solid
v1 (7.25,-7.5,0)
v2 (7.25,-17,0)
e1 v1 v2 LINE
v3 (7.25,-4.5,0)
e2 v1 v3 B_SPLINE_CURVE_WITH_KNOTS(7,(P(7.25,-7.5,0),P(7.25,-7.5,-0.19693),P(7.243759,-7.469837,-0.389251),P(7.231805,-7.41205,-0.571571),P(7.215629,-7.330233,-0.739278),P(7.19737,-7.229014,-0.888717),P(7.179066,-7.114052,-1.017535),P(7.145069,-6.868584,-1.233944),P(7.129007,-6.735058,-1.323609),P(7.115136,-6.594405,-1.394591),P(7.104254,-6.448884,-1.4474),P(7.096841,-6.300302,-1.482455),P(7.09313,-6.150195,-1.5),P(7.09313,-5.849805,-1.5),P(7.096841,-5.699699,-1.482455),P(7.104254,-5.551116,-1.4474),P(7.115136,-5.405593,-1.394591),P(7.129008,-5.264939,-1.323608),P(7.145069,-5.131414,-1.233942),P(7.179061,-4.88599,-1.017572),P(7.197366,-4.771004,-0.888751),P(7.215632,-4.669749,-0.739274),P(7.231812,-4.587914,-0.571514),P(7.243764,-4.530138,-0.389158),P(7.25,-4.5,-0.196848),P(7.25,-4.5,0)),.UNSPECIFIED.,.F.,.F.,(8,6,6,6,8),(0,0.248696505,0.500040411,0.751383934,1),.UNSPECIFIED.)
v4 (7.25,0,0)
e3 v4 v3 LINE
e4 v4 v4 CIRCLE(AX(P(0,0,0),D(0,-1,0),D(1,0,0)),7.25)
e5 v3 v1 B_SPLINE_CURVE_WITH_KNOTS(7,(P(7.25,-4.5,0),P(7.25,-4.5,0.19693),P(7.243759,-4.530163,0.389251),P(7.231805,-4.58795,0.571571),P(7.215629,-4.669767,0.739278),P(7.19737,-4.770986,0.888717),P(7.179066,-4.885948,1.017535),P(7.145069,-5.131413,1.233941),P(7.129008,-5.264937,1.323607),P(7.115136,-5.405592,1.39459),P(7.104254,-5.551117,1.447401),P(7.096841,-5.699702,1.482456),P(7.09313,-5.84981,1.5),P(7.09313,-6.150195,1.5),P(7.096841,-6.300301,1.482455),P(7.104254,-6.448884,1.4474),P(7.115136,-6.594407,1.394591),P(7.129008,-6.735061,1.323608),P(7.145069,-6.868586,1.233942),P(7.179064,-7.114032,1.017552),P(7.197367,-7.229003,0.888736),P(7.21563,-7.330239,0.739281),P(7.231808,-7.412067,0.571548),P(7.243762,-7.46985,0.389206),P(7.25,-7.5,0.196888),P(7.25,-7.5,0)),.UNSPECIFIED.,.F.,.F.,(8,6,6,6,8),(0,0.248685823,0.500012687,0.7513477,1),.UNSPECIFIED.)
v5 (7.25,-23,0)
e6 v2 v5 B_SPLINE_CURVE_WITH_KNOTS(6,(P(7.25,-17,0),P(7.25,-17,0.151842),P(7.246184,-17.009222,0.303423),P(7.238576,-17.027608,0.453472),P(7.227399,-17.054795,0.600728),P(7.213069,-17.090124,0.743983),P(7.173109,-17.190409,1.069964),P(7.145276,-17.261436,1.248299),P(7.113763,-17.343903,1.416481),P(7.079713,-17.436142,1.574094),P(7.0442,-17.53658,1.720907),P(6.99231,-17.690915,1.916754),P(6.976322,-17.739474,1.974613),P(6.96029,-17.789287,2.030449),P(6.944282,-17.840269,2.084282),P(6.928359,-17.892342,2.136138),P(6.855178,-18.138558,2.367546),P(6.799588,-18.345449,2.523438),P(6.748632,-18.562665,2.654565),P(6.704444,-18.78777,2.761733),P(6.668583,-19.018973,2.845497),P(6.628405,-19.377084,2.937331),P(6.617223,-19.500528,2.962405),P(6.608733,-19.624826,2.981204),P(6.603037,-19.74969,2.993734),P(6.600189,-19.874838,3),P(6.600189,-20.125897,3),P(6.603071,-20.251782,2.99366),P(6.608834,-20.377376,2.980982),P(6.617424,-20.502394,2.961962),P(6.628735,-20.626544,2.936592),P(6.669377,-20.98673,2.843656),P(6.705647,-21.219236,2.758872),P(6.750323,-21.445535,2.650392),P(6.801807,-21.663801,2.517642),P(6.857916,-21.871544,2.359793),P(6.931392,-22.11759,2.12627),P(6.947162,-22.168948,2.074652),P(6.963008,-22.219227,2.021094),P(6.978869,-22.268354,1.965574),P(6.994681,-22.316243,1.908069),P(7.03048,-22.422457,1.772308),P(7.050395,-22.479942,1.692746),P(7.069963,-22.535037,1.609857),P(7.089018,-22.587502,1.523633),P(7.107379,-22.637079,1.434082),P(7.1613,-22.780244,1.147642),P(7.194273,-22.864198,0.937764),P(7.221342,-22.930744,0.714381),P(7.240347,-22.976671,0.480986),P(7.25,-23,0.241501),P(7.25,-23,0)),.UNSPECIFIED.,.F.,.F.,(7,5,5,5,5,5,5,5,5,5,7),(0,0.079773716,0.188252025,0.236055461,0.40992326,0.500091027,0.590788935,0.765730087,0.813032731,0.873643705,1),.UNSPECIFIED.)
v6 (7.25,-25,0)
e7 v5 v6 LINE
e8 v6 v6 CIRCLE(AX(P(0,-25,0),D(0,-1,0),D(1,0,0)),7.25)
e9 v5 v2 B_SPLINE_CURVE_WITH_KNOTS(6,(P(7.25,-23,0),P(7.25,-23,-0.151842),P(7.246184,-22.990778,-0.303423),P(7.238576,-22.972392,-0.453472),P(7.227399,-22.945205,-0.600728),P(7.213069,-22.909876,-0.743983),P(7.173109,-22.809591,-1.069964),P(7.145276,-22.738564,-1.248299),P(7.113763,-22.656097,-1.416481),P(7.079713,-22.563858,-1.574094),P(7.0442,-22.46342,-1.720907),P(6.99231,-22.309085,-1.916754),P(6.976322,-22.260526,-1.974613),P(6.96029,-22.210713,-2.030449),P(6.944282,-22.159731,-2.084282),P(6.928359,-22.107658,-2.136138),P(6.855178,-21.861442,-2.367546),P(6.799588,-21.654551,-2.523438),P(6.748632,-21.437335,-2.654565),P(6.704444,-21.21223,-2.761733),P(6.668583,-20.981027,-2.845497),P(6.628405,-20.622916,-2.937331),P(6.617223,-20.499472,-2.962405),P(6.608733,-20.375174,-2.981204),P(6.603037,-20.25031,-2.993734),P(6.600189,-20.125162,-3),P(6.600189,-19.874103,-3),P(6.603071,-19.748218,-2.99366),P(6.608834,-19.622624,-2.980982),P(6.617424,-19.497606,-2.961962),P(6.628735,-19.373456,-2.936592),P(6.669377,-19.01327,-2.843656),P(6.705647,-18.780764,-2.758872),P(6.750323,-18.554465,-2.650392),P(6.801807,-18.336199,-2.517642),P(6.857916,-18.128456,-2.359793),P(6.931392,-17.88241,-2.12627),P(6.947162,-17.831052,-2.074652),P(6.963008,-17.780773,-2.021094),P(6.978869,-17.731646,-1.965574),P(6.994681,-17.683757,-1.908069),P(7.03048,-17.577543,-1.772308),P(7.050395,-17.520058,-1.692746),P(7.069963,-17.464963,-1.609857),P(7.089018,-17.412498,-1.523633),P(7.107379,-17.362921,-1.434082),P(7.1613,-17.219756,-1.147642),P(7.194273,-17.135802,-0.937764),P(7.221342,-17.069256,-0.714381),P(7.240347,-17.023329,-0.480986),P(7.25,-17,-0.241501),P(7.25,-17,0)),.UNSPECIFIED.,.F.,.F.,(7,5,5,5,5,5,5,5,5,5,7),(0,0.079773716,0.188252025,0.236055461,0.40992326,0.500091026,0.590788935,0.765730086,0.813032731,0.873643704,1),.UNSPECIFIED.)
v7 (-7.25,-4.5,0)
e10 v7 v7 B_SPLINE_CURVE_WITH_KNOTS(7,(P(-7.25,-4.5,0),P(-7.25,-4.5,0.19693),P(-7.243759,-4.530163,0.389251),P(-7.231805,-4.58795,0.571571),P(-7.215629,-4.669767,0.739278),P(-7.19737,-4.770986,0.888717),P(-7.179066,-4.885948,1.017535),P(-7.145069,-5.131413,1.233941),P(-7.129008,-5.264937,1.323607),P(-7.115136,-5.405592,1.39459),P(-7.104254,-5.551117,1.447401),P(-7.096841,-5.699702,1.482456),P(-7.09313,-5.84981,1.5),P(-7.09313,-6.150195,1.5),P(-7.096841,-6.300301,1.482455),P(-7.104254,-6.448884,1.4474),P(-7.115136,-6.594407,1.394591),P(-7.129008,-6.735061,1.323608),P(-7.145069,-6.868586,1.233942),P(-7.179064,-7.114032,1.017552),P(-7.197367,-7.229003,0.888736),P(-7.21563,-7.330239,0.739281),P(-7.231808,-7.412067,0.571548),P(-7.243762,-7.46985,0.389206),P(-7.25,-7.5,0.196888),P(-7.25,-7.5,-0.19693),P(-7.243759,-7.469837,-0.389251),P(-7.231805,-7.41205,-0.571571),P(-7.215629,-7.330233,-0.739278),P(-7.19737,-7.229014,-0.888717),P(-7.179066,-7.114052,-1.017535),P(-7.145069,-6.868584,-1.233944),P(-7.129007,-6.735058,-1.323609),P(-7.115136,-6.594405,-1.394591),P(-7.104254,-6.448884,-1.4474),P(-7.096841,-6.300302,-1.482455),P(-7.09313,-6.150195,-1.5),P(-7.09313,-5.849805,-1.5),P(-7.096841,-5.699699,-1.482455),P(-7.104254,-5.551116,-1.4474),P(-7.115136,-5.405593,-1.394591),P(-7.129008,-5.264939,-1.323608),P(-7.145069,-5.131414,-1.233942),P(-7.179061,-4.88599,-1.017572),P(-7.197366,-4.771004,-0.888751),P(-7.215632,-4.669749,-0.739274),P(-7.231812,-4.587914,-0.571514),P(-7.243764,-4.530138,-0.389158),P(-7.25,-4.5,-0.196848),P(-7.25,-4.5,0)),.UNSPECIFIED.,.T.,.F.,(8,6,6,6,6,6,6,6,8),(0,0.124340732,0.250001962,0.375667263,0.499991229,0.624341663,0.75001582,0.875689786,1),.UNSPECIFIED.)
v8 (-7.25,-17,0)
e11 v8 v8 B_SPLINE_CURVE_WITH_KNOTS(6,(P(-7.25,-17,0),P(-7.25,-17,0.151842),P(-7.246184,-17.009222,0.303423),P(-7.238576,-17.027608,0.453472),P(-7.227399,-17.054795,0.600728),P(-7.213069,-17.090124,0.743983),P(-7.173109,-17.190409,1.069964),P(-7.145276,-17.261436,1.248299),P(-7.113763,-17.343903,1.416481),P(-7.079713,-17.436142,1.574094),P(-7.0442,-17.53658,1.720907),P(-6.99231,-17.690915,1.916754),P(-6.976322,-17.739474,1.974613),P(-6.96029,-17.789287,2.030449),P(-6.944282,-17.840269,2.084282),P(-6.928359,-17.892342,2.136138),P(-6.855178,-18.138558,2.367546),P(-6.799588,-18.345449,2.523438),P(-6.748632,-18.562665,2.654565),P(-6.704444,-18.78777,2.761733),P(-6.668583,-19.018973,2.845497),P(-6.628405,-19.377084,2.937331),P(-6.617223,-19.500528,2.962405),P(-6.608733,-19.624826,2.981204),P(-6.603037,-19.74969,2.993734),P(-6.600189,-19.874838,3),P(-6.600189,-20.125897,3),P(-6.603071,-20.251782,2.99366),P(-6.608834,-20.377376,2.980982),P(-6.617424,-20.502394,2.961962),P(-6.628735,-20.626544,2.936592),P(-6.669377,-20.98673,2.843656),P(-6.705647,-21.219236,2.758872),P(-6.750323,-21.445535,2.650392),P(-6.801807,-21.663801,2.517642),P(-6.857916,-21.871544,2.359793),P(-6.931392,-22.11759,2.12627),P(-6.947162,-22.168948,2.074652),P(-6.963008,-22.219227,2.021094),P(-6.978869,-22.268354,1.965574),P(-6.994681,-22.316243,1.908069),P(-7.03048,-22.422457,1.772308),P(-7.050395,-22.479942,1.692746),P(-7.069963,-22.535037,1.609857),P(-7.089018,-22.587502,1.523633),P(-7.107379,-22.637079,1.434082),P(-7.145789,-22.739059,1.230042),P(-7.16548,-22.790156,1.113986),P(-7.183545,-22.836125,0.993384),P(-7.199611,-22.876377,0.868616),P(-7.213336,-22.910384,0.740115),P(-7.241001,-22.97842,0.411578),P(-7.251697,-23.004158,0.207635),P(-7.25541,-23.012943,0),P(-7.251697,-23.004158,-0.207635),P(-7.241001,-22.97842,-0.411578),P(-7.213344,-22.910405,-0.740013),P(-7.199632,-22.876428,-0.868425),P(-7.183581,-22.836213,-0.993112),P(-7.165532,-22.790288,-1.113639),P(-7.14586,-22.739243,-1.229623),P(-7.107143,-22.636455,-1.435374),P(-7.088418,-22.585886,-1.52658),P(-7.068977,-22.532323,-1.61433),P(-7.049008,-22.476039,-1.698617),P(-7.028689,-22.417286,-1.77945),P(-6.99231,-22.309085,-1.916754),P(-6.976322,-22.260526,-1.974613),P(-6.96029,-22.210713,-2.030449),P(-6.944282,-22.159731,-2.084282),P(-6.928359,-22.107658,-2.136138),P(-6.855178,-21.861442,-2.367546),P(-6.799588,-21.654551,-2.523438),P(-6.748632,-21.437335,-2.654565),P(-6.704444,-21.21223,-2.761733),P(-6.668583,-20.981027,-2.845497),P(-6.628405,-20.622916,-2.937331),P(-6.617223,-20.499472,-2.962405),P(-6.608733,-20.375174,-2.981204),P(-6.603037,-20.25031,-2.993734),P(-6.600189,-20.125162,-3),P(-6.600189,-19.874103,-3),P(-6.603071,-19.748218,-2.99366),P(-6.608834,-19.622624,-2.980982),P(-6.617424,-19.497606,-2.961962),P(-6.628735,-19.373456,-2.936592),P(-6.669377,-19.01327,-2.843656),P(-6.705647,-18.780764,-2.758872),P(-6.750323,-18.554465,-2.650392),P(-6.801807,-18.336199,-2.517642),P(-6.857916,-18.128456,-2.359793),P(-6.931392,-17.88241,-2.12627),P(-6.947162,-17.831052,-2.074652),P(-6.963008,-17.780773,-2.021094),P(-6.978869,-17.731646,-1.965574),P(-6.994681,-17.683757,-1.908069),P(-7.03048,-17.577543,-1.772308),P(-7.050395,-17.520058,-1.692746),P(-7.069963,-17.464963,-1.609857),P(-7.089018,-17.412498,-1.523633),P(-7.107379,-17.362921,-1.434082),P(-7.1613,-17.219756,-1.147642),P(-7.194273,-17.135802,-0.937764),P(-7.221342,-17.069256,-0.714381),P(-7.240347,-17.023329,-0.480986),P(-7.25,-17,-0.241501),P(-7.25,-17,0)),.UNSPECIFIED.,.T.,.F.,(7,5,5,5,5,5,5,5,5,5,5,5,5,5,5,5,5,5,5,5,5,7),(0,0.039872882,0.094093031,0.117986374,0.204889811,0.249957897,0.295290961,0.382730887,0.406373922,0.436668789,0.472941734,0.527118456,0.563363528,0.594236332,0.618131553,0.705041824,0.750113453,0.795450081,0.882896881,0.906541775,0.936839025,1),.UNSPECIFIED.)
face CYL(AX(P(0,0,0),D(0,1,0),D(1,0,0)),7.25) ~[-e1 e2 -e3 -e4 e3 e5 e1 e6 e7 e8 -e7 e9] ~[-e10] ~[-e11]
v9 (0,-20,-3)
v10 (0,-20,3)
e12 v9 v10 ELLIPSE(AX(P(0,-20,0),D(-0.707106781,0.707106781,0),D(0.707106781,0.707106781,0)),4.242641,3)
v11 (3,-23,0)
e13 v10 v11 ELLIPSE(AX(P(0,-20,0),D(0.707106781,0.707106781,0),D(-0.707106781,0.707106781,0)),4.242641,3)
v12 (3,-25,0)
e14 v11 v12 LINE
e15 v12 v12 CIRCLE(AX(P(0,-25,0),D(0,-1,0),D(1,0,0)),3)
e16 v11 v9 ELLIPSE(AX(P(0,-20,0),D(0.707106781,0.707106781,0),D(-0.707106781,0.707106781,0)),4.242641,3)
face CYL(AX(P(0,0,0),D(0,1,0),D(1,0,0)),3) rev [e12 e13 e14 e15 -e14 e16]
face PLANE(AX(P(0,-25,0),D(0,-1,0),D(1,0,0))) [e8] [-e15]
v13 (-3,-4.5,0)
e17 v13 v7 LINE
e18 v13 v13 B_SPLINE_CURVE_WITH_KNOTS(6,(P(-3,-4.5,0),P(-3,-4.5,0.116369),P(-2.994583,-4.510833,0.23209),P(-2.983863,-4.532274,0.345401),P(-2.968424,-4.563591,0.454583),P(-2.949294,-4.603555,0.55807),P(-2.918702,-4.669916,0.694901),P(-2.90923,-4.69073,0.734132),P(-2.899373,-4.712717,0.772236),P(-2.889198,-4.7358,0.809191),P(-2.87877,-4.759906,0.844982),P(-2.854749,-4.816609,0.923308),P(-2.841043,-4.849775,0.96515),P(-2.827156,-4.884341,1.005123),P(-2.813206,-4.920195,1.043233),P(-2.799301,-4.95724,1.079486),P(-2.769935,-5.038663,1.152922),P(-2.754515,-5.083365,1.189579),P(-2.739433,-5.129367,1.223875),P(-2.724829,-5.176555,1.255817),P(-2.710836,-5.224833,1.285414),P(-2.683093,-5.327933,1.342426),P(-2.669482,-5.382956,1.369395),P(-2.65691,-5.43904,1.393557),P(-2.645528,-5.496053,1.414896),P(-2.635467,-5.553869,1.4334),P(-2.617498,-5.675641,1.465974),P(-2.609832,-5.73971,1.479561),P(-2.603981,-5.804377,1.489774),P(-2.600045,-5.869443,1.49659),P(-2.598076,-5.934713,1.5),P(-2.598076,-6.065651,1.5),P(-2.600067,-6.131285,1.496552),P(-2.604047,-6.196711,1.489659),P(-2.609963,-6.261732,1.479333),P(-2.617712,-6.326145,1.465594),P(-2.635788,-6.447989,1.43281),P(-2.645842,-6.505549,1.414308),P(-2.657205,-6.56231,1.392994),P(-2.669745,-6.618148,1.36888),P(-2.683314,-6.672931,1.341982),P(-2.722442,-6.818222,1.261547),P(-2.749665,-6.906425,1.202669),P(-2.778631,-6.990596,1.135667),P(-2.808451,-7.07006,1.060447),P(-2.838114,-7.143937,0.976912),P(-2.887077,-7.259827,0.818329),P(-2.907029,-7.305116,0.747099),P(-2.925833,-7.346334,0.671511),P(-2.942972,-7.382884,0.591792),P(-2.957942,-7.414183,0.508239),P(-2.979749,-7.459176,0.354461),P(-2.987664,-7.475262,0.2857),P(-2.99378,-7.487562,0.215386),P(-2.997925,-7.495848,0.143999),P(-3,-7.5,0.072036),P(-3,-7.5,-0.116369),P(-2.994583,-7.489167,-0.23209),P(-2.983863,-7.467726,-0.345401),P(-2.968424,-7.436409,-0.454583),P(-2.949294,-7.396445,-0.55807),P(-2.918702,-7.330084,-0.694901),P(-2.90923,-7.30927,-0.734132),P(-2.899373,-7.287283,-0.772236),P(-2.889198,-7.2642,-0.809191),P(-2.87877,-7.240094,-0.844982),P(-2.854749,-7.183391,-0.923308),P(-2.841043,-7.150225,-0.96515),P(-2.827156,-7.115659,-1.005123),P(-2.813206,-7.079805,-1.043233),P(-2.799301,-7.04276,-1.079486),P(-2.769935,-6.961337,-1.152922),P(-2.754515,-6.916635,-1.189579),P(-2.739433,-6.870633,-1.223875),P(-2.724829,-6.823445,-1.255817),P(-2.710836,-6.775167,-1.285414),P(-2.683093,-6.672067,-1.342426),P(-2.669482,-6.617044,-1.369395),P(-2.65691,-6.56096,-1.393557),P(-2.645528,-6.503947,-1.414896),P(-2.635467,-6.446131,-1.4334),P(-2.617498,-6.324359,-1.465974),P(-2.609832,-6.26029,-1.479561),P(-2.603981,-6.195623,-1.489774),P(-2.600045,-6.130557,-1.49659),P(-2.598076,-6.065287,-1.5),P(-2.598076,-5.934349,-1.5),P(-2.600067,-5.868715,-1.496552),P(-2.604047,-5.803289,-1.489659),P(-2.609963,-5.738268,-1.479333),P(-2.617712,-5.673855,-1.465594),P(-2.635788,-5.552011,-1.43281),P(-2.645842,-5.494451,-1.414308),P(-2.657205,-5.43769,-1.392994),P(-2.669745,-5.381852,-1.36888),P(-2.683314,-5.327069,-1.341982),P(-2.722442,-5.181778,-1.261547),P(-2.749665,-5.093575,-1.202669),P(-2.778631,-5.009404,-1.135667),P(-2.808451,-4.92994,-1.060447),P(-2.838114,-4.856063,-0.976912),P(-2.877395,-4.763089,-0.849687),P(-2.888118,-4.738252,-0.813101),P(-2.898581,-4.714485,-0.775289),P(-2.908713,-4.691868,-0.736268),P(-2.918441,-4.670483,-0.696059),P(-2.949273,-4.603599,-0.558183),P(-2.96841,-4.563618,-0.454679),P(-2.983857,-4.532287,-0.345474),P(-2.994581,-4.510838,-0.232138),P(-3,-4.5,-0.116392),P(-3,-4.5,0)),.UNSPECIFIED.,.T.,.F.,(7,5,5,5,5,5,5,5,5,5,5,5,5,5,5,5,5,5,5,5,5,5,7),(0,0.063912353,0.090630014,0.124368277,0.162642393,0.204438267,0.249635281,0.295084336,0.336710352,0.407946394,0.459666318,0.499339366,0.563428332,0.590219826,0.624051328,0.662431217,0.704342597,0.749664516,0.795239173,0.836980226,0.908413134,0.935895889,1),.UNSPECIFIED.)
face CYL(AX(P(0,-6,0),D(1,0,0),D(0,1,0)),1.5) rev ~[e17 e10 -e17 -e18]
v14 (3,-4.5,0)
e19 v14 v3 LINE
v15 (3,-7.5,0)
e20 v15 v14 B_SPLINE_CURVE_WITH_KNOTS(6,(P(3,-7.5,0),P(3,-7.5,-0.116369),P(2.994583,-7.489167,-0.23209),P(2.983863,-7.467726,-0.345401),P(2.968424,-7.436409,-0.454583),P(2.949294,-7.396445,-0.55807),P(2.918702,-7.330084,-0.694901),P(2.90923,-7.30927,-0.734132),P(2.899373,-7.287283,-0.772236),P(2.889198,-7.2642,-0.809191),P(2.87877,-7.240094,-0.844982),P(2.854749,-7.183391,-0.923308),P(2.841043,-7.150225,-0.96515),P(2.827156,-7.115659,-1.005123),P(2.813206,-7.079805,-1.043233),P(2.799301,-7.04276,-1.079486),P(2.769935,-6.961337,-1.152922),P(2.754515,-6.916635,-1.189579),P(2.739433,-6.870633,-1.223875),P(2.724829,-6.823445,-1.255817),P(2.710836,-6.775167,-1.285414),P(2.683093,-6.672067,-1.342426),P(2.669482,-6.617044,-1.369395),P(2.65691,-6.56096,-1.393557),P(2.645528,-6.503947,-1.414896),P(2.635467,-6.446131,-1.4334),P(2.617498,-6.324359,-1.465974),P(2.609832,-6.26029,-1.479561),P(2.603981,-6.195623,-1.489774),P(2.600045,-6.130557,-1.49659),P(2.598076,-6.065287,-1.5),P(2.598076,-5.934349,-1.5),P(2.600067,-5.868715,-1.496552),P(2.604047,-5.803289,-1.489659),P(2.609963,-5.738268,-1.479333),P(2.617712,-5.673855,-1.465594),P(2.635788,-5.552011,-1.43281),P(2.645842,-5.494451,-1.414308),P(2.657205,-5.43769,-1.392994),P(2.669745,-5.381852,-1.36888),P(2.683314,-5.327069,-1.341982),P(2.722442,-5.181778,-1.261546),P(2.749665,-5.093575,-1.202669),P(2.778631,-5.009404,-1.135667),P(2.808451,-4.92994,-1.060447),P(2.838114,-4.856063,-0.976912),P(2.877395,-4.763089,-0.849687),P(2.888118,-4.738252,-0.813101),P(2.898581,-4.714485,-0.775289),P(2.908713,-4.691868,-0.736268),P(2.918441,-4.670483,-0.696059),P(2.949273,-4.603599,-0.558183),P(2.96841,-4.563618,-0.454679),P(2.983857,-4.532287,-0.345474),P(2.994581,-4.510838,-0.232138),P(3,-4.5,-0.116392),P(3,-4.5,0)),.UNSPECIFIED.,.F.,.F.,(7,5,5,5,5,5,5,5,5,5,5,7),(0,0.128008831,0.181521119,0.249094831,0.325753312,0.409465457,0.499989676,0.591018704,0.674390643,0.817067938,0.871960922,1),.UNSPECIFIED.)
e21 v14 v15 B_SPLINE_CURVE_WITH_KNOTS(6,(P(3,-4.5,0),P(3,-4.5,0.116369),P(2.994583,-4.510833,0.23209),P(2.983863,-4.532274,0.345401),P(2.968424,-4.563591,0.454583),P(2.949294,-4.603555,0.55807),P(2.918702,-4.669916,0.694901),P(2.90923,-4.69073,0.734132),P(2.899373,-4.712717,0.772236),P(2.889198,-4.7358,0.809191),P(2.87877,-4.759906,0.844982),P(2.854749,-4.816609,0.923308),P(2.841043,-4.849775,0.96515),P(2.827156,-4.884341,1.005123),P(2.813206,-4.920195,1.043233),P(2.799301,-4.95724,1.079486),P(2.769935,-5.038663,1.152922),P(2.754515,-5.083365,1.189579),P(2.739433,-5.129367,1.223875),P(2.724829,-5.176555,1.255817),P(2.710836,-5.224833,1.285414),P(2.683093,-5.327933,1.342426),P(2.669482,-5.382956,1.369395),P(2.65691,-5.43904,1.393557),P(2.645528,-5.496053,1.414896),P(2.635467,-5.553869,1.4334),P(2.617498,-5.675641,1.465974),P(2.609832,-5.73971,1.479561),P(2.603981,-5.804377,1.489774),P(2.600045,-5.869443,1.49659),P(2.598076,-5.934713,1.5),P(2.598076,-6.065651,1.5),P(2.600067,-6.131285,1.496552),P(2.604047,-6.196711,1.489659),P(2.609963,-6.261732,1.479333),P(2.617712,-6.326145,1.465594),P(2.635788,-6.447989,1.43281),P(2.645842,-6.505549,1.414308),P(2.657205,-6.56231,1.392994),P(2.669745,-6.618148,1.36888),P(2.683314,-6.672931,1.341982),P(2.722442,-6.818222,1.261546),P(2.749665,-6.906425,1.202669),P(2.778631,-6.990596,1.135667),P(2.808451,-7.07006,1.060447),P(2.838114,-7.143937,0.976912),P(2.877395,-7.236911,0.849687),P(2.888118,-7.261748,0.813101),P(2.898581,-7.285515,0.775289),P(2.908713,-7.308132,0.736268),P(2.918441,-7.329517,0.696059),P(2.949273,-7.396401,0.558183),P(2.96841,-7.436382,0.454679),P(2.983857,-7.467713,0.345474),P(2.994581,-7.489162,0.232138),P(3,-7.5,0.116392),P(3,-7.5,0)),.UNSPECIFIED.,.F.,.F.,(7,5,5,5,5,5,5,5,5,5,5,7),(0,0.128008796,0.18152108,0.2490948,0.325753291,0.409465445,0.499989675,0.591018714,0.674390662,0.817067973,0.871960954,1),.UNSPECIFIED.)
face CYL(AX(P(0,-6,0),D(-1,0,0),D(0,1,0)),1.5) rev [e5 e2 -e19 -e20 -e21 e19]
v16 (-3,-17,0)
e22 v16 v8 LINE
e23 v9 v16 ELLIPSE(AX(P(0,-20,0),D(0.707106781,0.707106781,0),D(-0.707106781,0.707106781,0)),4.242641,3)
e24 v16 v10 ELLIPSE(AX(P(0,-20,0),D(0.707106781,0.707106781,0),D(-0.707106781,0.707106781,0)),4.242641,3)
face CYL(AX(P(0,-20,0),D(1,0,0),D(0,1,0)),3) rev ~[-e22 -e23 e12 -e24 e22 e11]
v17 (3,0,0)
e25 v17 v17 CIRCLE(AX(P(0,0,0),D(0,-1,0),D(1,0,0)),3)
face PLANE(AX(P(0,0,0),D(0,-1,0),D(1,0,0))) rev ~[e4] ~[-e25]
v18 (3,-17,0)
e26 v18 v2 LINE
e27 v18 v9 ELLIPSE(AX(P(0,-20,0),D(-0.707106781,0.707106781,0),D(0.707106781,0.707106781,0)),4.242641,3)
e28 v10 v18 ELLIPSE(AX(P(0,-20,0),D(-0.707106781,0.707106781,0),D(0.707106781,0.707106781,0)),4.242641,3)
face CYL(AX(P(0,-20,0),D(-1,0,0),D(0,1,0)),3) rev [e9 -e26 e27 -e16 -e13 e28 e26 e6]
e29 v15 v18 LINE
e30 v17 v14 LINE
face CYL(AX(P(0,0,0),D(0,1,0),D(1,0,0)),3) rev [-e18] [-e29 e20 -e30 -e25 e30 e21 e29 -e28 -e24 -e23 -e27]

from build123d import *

# Parameters (mm, degrees)
F0_R          = 7.25
F0_R_2        = 3
F1_DEPTH      = 25
F2_R          = 3
F2_R_2        = 1.5
F3_DEPTH      = 7.251
F3_DEPTH_BACK = 7.251


with BuildPart() as f1:
    # F0 (on Front) → F1 (new body)
    with BuildSketch(Plane.XZ):
        Circle(F0_R)
        Circle(F0_R_2, mode=Mode.SUBTRACT)
    extrude(amount=F1_DEPTH)

    # F2 (on Right) → F3 (cut, two sides)
    with BuildSketch(Plane.YZ) as f3_sk:
        with Locations((-20, 0)):
            Circle(F2_R)
        with Locations((-6, 0)):
            Circle(F2_R_2)
    extrude(amount=F3_DEPTH, mode=Mode.SUBTRACT)
    extrude(f3_sk.sketch, amount=-F3_DEPTH_BACK, mode=Mode.SUBTRACT)


solid = f1.part
